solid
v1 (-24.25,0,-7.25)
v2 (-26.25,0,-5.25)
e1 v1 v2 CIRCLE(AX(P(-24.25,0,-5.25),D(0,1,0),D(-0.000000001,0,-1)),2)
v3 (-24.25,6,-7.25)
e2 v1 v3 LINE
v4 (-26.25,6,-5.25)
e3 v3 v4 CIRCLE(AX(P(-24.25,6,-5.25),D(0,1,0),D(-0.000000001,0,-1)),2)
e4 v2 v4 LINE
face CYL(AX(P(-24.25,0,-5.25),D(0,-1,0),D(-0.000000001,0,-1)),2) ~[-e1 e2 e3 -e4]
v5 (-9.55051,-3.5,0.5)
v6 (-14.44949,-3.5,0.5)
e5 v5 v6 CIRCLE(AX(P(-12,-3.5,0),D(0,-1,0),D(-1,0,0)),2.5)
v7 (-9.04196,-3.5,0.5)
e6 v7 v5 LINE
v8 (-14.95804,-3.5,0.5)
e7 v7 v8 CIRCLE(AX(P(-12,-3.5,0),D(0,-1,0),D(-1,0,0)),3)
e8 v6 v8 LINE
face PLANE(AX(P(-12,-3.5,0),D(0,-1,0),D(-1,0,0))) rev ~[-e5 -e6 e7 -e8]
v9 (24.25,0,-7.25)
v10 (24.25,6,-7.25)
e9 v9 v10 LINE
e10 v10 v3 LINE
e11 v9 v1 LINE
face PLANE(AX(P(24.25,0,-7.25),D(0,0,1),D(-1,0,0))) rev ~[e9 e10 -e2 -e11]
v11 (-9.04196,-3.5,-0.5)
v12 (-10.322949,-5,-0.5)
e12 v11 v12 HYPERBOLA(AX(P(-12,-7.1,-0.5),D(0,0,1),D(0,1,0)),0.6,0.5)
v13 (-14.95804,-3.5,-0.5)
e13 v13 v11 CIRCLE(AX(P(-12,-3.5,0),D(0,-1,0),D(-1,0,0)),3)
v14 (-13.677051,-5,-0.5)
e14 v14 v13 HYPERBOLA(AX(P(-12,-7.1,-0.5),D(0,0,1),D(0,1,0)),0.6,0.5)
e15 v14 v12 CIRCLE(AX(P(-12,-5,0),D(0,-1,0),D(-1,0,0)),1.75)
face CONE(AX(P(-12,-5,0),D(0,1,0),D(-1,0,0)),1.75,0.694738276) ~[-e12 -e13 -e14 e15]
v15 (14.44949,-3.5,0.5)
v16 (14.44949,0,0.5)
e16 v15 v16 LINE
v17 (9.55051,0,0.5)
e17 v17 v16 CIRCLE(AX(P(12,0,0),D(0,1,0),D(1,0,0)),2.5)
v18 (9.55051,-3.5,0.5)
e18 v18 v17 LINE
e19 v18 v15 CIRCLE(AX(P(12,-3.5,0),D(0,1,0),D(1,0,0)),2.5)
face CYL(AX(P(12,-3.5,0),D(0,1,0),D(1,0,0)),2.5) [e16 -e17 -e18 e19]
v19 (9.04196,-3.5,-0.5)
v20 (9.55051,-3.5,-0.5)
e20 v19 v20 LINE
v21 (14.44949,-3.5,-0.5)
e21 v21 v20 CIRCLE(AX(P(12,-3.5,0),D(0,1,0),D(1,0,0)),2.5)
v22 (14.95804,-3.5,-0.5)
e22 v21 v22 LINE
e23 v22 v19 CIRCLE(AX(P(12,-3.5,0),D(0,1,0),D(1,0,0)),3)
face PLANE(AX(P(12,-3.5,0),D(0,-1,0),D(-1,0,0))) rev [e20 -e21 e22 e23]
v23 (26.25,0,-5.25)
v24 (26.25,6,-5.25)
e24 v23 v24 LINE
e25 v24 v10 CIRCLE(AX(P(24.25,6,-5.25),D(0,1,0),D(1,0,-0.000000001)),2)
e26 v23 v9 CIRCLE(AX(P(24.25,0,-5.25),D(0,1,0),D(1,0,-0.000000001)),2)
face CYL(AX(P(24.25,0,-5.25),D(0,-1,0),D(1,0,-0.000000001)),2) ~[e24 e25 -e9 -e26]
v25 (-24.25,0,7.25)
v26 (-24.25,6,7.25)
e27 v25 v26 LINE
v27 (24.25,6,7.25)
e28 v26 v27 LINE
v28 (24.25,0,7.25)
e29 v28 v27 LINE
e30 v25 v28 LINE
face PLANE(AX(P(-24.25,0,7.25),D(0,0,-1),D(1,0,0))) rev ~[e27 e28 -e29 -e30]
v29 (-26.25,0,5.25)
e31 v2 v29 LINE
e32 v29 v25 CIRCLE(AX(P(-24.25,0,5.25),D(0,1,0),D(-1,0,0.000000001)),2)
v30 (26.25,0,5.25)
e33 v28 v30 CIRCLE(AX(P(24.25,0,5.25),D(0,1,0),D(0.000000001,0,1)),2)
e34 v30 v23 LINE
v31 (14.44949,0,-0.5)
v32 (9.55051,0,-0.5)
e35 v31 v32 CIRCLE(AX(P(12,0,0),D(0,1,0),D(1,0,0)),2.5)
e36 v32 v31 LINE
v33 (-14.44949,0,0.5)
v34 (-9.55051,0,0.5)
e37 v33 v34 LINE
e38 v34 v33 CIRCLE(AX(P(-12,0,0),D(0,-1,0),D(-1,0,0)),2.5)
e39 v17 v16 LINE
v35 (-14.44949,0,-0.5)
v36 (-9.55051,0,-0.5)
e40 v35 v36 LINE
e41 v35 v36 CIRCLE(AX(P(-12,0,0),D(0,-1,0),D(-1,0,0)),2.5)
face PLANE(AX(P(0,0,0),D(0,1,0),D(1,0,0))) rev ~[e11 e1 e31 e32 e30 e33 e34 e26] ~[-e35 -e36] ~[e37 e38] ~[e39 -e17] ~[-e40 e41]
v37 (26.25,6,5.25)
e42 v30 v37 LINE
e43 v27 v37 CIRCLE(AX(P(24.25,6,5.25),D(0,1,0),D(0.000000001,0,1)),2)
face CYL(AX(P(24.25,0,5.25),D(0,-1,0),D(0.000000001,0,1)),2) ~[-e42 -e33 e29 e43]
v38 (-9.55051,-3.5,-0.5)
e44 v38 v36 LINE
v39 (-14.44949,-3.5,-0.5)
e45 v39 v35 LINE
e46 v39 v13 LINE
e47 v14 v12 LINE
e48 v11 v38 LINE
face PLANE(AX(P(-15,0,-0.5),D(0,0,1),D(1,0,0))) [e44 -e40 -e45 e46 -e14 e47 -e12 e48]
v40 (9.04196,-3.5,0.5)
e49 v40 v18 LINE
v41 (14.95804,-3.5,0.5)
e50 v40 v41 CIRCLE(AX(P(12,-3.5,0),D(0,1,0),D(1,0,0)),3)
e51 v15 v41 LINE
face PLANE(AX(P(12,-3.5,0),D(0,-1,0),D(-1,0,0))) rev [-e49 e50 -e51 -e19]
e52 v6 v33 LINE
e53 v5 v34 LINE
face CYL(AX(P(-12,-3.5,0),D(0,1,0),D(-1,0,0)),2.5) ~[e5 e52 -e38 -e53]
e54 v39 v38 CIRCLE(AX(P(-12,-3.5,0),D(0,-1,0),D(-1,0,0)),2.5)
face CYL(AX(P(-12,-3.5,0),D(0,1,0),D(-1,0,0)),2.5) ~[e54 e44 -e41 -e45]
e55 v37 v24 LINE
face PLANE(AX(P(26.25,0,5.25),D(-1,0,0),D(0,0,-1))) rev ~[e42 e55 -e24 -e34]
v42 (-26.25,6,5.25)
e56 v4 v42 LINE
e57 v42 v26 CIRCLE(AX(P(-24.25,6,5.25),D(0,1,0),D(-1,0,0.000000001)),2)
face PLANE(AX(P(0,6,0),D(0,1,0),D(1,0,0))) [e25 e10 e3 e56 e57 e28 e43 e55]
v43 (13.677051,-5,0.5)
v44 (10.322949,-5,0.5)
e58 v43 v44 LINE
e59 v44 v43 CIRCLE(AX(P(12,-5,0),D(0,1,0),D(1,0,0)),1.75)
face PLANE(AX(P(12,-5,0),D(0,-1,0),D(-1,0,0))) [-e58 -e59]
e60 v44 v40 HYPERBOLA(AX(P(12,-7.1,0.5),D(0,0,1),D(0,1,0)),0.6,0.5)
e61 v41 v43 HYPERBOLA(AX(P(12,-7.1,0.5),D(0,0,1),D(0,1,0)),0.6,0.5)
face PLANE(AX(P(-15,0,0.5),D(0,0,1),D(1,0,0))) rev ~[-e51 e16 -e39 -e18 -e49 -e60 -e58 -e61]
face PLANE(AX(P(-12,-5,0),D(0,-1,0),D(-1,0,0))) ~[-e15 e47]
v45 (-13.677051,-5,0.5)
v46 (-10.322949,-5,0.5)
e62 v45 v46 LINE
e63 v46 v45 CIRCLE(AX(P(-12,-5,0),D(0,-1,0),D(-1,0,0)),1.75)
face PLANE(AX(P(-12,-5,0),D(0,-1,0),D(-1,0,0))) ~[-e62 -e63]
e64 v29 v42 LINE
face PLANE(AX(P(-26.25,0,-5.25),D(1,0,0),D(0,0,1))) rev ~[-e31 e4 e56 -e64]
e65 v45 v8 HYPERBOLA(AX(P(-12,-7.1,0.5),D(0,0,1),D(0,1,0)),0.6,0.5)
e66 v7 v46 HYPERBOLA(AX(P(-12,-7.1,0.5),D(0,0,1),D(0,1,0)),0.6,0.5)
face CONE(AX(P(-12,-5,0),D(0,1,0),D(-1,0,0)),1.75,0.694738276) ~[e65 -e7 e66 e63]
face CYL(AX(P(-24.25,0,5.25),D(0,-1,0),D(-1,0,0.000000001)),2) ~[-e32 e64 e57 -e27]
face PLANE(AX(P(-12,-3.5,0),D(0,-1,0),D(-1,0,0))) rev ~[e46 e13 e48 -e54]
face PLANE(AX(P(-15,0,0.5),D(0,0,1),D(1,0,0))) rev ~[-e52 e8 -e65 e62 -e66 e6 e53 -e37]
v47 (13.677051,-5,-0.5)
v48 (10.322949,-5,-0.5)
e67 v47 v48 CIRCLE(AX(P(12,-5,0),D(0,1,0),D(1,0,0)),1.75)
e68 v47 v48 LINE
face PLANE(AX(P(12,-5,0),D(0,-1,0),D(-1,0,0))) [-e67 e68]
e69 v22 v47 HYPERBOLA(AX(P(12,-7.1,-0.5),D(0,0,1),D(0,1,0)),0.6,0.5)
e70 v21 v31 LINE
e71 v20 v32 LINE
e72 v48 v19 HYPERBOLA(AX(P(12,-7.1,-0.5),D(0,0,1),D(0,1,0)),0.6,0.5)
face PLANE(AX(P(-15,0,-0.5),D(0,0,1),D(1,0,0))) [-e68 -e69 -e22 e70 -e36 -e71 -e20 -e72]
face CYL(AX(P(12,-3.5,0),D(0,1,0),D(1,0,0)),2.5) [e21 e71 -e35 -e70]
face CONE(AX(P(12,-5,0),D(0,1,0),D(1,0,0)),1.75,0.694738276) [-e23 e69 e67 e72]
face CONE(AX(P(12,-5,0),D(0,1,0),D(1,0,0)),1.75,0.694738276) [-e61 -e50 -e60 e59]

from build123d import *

# Parameters (mm, degrees)
EXTRUSION1_DEPTH        = 6
ESQUISSE7_W             = 30
ESQUISSE7_H             = 1
ENL_V_MAT_EXTRU_1_DEPTH = 6


with BuildPart() as part:
    # Esquisse1 → Extrusion1 (new body)
    with BuildSketch(Plane(origin=(0, 0, 0), x_dir=(1, 0, 0), z_dir=(0, 1, 0))):
        with BuildLine():
            Line((-24.25, -7.25), (24.25, -7.25))
            ThreePointArc((24.25, -7.25), (25.664213562, -6.664213562), (26.25, -5.25))
            Line((26.25, -5.25), (26.25, 5.25))
            ThreePointArc((26.25, 5.25), (25.664213562, 6.664213562), (24.25, 7.25))
            Line((24.25, 7.25), (-24.25, 7.25))
            ThreePointArc((-24.25, 7.25), (-25.664213562, 6.664213562), (-26.25, 5.25))
            Line((-26.25, 5.25), (-26.25, -5.25))
            ThreePointArc((-26.25, -5.25), (-25.664213562, -6.664213562), (-24.25, -7.25))
        make_face()
    extrude(amount=EXTRUSION1_DEPTH)

    # Esquisse6 → Révolution1 (revolve)
    with BuildSketch(Plane.XY):
        Polygon((-12, 0), (-12, -5), (-13.75, -5), (-15, -3.5), (-14.5, -3.5), (-14.5, 0), align=None)
    r_volution1 = revolve(axis=Axis((-12, 10.671623644, 0), (0, -1, 0)))

    # Symétrie1: Révolution1 across plane
    add(r_volution1.mirror(Plane(origin=(0, 0, 0), x_dir=(0, 0, 1), z_dir=(1, 0, 0))))

    # Esquisse7 → Enlèv. mat.-Extru.1 (cut, through all)
    with BuildSketch(Plane.XZ):
        Rectangle(ESQUISSE7_W, ESQUISSE7_H)
    extrude(amount=ENL_V_MAT_EXTRU_1_DEPTH, mode=Mode.SUBTRACT)


solid = part.part
